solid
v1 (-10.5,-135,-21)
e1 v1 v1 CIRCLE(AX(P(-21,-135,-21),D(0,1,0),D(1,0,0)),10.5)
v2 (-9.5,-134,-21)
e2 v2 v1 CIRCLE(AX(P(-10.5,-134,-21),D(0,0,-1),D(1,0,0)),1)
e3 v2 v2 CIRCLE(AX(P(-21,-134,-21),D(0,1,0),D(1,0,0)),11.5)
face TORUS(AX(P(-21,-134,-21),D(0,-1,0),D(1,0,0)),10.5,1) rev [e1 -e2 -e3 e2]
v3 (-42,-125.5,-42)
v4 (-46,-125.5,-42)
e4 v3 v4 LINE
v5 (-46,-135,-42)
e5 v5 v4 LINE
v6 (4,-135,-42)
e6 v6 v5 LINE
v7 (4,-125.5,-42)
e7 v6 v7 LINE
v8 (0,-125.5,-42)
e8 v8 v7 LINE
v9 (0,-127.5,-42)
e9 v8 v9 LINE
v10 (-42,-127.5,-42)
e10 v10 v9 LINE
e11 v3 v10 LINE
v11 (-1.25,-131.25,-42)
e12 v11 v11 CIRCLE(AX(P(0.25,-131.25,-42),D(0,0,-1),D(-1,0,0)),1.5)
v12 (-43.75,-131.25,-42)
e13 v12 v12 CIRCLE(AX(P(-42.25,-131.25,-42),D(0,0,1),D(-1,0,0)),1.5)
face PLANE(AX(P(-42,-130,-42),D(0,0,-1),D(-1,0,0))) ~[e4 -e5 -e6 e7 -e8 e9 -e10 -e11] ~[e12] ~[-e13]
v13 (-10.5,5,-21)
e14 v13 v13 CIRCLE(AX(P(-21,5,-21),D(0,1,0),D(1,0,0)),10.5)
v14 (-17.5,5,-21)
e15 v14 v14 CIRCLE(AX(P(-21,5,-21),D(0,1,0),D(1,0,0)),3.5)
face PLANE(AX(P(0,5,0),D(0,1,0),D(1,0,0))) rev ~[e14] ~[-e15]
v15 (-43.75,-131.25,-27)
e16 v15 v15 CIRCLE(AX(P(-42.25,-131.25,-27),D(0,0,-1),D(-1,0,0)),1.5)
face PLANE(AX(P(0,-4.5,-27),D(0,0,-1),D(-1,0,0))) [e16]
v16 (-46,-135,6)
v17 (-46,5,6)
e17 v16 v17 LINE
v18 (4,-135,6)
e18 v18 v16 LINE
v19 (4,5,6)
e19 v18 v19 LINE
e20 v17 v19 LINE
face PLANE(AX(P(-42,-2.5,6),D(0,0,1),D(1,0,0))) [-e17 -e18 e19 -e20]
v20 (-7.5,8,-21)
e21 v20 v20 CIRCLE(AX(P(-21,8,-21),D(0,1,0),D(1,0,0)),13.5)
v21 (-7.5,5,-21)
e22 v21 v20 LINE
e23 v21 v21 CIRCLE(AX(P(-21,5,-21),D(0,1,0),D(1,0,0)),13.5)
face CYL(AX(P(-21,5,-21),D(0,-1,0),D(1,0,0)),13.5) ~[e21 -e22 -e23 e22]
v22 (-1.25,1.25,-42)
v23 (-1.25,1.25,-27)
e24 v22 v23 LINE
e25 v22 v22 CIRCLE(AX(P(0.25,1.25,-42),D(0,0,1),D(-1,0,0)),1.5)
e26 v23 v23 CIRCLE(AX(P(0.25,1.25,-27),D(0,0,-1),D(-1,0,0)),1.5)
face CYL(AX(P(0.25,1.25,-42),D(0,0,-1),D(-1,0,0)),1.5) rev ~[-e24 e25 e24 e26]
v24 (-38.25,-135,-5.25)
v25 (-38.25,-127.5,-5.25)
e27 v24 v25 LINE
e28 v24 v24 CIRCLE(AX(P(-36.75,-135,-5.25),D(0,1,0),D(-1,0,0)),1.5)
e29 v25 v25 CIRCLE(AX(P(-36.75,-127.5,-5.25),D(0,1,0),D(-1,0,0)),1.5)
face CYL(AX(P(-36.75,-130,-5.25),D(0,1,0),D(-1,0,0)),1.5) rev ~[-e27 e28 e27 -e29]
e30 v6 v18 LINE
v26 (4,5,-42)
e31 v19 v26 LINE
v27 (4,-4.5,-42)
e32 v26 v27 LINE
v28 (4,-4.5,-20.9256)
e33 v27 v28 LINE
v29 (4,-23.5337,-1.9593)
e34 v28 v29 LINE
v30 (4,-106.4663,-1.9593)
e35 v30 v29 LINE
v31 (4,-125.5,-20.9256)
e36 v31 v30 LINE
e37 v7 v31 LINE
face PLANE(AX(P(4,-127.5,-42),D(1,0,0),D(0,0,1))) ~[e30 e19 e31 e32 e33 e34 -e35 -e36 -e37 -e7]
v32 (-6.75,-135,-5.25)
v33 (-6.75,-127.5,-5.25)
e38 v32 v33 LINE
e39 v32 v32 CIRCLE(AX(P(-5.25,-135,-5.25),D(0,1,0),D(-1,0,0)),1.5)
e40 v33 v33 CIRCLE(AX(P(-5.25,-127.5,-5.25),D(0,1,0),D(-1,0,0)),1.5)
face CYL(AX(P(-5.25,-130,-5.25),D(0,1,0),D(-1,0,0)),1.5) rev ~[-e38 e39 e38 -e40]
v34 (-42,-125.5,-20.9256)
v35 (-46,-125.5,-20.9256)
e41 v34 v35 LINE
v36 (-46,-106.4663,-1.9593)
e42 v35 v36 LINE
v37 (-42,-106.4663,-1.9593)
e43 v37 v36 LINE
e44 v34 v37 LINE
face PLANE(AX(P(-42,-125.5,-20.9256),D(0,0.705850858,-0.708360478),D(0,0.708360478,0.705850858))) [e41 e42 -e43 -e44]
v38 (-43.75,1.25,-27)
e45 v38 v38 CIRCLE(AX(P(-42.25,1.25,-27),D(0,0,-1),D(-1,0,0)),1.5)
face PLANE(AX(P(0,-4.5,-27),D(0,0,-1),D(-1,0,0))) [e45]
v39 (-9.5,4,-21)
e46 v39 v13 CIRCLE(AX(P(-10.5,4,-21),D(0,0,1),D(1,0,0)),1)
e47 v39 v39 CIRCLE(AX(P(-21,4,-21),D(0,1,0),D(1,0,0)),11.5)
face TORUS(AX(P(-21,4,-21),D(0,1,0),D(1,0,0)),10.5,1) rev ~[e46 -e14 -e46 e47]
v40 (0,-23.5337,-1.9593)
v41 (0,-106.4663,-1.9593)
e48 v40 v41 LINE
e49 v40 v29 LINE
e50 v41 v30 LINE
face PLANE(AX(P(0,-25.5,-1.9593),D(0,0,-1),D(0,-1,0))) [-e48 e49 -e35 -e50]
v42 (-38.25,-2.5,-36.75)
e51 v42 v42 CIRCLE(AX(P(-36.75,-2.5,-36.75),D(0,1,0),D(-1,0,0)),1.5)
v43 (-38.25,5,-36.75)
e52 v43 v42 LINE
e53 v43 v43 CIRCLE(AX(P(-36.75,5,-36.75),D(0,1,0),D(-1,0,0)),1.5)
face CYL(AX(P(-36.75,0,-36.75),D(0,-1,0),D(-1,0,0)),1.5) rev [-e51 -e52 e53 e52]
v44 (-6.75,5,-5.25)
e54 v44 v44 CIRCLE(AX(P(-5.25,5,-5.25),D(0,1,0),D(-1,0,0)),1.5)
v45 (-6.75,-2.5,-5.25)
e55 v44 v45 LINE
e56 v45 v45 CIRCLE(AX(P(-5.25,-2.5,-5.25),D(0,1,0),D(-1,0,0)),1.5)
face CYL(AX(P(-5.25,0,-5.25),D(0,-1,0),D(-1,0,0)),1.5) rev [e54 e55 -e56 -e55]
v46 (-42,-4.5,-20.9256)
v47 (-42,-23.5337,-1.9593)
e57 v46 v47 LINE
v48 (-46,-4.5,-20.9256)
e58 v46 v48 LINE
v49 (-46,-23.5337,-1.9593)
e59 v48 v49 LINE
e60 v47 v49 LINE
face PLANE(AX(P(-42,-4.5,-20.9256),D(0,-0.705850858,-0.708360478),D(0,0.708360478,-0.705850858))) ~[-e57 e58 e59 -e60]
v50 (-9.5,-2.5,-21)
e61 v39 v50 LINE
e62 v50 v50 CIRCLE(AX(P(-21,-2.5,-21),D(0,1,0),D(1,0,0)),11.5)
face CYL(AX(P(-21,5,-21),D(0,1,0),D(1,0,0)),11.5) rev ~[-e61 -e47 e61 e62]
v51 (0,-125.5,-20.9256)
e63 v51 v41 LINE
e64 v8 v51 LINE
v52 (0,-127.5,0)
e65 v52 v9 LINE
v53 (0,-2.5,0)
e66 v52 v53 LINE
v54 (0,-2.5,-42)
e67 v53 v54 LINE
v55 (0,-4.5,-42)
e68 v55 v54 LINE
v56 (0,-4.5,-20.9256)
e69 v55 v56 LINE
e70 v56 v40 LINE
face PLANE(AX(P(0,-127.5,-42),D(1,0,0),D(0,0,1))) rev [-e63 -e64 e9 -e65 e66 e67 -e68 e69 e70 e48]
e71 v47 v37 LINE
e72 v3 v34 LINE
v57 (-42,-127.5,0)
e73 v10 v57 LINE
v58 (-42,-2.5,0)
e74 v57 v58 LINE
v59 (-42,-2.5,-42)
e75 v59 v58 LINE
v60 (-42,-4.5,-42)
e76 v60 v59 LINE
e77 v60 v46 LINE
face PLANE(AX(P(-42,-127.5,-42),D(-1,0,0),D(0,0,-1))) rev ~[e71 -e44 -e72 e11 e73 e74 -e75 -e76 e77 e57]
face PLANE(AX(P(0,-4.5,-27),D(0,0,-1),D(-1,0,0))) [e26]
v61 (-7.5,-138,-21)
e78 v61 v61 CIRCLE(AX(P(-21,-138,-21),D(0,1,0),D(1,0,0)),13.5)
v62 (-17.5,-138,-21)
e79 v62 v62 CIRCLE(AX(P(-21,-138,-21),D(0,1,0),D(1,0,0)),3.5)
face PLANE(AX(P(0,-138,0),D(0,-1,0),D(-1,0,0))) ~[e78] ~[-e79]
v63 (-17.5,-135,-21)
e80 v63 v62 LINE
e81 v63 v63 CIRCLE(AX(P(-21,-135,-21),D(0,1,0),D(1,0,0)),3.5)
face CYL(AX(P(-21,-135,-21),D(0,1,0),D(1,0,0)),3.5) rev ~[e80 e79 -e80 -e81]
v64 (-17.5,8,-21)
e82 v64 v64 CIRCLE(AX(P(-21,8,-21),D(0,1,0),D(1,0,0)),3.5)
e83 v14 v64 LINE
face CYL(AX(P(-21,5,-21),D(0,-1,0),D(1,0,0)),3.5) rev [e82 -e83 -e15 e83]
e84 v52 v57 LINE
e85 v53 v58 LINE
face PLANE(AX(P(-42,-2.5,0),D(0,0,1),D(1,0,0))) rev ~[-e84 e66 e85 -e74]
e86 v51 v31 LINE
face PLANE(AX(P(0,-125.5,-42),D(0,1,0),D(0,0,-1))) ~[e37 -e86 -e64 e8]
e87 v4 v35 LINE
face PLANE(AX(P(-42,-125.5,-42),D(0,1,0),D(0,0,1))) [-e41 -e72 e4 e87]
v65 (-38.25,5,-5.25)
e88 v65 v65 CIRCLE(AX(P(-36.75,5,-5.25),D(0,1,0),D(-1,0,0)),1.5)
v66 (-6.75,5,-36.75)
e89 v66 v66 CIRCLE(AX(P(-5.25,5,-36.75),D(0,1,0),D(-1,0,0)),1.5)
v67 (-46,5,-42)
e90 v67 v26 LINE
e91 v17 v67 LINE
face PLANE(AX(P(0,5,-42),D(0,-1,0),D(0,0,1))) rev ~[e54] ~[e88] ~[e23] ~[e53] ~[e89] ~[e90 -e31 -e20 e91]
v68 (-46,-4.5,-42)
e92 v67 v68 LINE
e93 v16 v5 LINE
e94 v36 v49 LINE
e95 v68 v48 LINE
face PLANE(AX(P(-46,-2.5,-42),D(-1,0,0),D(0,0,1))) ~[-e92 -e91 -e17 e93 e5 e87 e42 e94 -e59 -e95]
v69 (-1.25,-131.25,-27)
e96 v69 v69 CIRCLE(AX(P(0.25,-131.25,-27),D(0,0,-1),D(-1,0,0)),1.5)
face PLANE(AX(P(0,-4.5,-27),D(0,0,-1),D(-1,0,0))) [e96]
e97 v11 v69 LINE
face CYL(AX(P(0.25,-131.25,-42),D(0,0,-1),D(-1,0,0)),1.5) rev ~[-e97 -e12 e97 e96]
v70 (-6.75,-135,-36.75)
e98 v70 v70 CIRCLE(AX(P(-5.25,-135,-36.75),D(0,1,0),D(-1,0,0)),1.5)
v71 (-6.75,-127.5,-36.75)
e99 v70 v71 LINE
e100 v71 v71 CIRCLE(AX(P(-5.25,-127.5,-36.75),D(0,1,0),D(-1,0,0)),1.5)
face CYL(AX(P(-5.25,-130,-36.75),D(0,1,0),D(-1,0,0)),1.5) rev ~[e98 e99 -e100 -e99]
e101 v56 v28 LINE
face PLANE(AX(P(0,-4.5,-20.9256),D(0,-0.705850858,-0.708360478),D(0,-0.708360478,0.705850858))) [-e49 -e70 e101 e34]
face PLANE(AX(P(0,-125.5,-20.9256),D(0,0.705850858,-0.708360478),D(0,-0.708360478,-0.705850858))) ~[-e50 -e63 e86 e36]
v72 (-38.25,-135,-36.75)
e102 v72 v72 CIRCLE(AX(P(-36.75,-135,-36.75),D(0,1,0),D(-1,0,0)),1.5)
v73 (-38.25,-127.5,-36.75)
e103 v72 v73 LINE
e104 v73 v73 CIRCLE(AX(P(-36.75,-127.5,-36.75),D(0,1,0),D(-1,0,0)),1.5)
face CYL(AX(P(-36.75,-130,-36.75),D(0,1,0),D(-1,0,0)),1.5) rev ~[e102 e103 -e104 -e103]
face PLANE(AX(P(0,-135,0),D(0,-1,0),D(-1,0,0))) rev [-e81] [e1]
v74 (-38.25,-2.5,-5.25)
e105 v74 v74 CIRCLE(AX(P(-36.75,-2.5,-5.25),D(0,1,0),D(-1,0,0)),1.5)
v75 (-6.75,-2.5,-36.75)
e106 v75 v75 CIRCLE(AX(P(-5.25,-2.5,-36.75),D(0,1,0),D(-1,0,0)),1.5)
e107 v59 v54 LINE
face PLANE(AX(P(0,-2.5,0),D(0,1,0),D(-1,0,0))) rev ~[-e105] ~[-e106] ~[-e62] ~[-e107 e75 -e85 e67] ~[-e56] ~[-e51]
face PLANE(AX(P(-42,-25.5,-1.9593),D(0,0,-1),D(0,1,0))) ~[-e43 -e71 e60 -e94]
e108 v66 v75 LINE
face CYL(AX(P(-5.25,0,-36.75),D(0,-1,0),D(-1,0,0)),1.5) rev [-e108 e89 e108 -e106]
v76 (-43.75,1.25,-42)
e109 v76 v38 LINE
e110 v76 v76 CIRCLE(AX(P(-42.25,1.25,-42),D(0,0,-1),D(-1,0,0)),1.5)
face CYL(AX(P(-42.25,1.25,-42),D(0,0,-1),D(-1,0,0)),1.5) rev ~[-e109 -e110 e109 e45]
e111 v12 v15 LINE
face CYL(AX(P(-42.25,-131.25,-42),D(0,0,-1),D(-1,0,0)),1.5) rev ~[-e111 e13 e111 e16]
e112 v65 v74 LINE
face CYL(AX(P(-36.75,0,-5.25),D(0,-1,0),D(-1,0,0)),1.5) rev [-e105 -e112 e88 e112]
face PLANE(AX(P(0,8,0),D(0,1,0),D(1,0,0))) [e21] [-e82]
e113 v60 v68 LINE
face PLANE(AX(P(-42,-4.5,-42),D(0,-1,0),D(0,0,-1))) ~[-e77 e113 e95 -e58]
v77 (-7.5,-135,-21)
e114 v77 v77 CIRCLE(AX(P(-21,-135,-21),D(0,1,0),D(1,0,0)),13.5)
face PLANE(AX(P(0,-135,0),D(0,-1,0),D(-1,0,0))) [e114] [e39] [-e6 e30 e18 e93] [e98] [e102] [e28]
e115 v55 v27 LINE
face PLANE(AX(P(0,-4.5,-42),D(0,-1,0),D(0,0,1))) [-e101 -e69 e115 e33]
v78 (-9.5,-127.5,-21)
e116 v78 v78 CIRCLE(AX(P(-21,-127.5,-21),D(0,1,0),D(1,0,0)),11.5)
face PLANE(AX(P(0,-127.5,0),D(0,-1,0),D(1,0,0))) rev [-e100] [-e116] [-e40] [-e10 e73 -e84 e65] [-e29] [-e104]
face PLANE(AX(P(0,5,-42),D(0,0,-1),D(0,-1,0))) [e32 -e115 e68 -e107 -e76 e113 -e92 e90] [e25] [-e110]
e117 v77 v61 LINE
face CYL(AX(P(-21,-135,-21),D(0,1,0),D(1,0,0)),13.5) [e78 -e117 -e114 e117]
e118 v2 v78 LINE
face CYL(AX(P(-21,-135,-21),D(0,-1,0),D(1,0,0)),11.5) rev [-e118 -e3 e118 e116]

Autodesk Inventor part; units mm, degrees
ref_plane "YZ Plane" through (0, 0, 0) normal (1, 0, 0) x (0, 1, 0)
ref_plane "XY Plane" through (0, 0, 0) normal (0, 0, 1) x (1, 0, 0)
sketch "Sketch1" plane through (0, 0, 0) normal (0, 1, 0) x (-1, 0, 0)
  line L0 (0, 0) -> (42, 0)
  line L1 (42, 0) -> (42, -42)
  line L2 (42, -42) -> (0, -42)
  line L3 (0, -42) -> (0, 0)
  line L4 (0, 0) -> (42, 0)
  line L5 (42, 0) -> (42, -42)
  line L6 (42, -42) -> (0, -42)
  line L7 (0, -42) -> (0, 0)
  line L8 (42, -21) -> (42, -5.25)
  circle A0 centre (36.75, -5.25) radius 1.5
  circle A1 centre (36.75, -36.75) radius 1.5
  circle A2 centre (5.25, -36.75) radius 1.5
  circle A3 centre (5.25, -5.25) radius 1.5
  dimension "d0" = 42
  dimension "d1" = 42
  dimension "d2" = 3
  dimension "d3" = 3
  dimension "d4" = 3
  dimension "d5" = 3
extrude "Extrusion1" add sketch "Sketch1" along normal blind 5 and the other way blind 2.5
sketch "Sketch2" plane through (0, 5, 0) normal (0, 1, 0) x (1, 0, 0)
  circle A0 centre (-21, 21) radius 11.5
  point P0 (0, 0)
  point P1 (-42, 0)
  dimension "d9" = 23
extrude "Extrusion2" cut sketch "Sketch2" against normal up to surface (7.5 mm away)
sketch "Sketch3" plane through (0, 5, 0) normal (0, 1, 0) x (1, 0, 0)
  circle A0 centre (-21, 21) radius 11.5 projected
  circle A1 centre (-21, 21) radius 13.5
  circle A2 centre (-21, 21) radius 3.5
  point P0 (0, 0)
  dimension "d12" = 27
  dimension "d13" = 7
extrude "Extrusion3" add sketch "Sketch3" along normal blind 3 contours A0 | A1
sketch "Sketch4" plane through (-42, -2.5, 0) normal (0, 0, 1) x (1, 0, 0)
  line L0 (42, 7.5) -> (42, 2.5) projected
  line L1 (42, 7.5) -> (0.1256, 7.5)
  line L2 (42, -112.5) -> (42, 7.5)
  line L3 (42, -112.5) -> (42, -122.5)
  line L4 (42, -132.5) -> (42, -122.5)
  line L5 (0, 0) -> (0, 7.5) projected
  line L6 (42, -132.5) -> (0, -132.5)
  line L7 (0, -132.5) -> (0, 7.5)
  line L8 (0, 7.5) -> (42, 7.5)
  line L9 (42, 7.5) -> (42, -132.5)
  point P0 (0.1256, 7.5)
  dimension "d20" = 10
extrude "Extrusion4" add sketch "Sketch4" along normal blind 6
ref_plane "Work Plane1" through (0, -62.5, 0) normal (0, 1, 0) x (-1, 0, 0)
ref_plane "Work Plane3" through (0, -65, 0) normal (0, 1, 0) x (1, 0, 0)
mirror "Mirror5" about plane through (0, -65, 0) normal (0, 1, 0) of "Extrusion1", "Extrusion3", "Extrusion2"
sketch "Sketch8" plane through (0, -2.5, -42) normal (1, 0, 0) x (0, 0, -1)
  line L0 (0, 7.5) -> (0, 0) projected
  line L1 (-48, -132.5) -> (-48, 7.5) projected
  line L2 (0, 7.5) -> (-48, 7.5)
  line L3 (-48, 7.5) -> (-48, -132.5)
  line L4 (-48, -132.5) -> (0, -132.5)
  line L5 (0, -132.5) -> (0, 7.5)
  line L6 (0, 0) -> (-42, 0) projected
  line L7 (-21.0744, 0) -> (-42, -20.9256)
  line L8 (-42, -125) -> (-42, 2.5) projected
  line L9 (-21.0744, 0) -> (8.5189, 0) construction
  line L10 (0, 0) -> (-42, 0)
  line L11 (-42, -20.9256) -> (-42, 2.5)
  line L12 (0, 7.5) -> (0, 0)
  line L13 (-21.0744, 0) -> (0, 0)
  line L14 (-42, -20.9256) -> (-42, -132.5)
  line L15 (0, -132.5) -> (-48, -132.5) projected
  line L16 (0, 0) -> (0, -2)
  line L17 (0, -2) -> (-21.0744, -2)
  line L18 (-21.0744, -2) -> (-21.0744, 0)
  line L19 (-21.0744, -2) -> (-42, -23)
  line L20 (-42, -23) -> (-40, -23)
  line L21 (-40.0407, -21.0337) -> (-40.0407, -130.0337)
  line L22 (-40.0407, -130.0337) -> (-40.0407, -132.5)
  dimension "d64" = 135
  dimension "d67" = 2
extrude "Extrusion8" add sketch "Sketch8" along normal blind 4 contours L0 L6 L8 L14 L4 L1 L2 | L5 L17 L18 L6 | L7 L8 L6 | L18 L19 L8 L7 | L14 L8 L20 L21 L22 L4 | L21 L20 L19
mirror "Mirror6" about plane through (0, -65, 0) normal (0, 1, 0) of "Extrusion8"
ref_plane "Work Plane4" through (-21, -2.5, -42) normal (-1, 0, 0) x (0, 0, 1)
mirror "Mirror7" about plane through (-21, -2.5, -42) normal (-1, 0, 0) of "Extrusion8", "Mirror6"
sketch "Sketch9" plane through (0, -4.5, -42) normal (0, 0, -1) x (-1, 0, 0)
  line L0 (-4, 9.5) -> (-4, -130.5) projected
  line L1 (-4, 9.5) -> (-0.25, 9.5)
  line L2 (-0.25, 9.5) -> (-0.25, 5.75)
  line L3 (-0.25, 5.75) -> (-4, 5.75)
  line L4 (-4, 5.75) -> (-4, 9.5)
  line L5 (-4, -130.5) -> (46, -130.5) projected
  line L6 (46, -130.5) -> (42.25, -130.5)
  line L7 (42.25, -130.5) -> (42.25, -126.75)
  line L8 (42.25, -126.75) -> (46, -126.75)
  line L9 (46, -126.75) -> (46, -130.5)
  circle A0 centre (-0.25, 5.75) radius 1.5
  circle A1 centre (42.25, -126.75) radius 1.5
  circle A2 centre (42.25, 5.75) radius 1.5
  circle A3 centre (-0.25, -126.75) radius 1.5
  point P0 (0, 4.5)
  dimension "d71" = 3.75
  dimension "d72" = 3.75
  dimension "d73" = 3.75
  dimension "d74" = 3.75
  dimension "d75" = 3
  dimension "d76" = 3
  dimension "d77" = 3
  dimension "d78" = 3
extrude "Extrusion9" cut sketch "Sketch9" against normal blind 15 contours A0 L2 L3 | L3 L2 A0 | A1 L8 L7 | L7 L8 A1 | A2 | A3
thread "Thread5" size "M3x0.5" class "6H" standard "ANSI Metric M Profile" full length
thread "Thread6" size "M3x0.5" class "6H" standard "ANSI Metric M Profile" full length
thread "Thread7" size "M3x0.5" class "6H" standard "ANSI Metric M Profile" full length
thread "Thread8" size "M3x0.5" class "6H" standard "ANSI Metric M Profile" full length
thread "Thread9" size "M3x0.5" class "6H" standard "ANSI Metric M Profile" full length
thread "Thread10" size "M3x0.5" class "6H" standard "ANSI Metric M Profile" full length
thread "Thread11" size "M3x0.5" class "6H" standard "ANSI Metric M Profile" full length
thread "Thread12" size "M3x0.5" class "6H" standard "ANSI Metric M Profile" full length
thread "Thread13" size "M3x0.5" class "6H" standard "ANSI Metric M Profile" full length
thread "Thread14" size "M3x0.5" class "6H" standard "ANSI Metric M Profile" full length
thread "Thread15" size "M3x0.5" class "6H" standard "ANSI Metric M Profile" full length
thread "Thread16" size "M3x0.5" class "6H" standard "ANSI Metric M Profile" full length
fillet "Fillet1" radius 1 1 edges at (-32.5, 5, -21)
fillet "Fillet2" radius 1 1 edges at (-32.5, -135, -21)
properties part number "stepperMotorLink"
